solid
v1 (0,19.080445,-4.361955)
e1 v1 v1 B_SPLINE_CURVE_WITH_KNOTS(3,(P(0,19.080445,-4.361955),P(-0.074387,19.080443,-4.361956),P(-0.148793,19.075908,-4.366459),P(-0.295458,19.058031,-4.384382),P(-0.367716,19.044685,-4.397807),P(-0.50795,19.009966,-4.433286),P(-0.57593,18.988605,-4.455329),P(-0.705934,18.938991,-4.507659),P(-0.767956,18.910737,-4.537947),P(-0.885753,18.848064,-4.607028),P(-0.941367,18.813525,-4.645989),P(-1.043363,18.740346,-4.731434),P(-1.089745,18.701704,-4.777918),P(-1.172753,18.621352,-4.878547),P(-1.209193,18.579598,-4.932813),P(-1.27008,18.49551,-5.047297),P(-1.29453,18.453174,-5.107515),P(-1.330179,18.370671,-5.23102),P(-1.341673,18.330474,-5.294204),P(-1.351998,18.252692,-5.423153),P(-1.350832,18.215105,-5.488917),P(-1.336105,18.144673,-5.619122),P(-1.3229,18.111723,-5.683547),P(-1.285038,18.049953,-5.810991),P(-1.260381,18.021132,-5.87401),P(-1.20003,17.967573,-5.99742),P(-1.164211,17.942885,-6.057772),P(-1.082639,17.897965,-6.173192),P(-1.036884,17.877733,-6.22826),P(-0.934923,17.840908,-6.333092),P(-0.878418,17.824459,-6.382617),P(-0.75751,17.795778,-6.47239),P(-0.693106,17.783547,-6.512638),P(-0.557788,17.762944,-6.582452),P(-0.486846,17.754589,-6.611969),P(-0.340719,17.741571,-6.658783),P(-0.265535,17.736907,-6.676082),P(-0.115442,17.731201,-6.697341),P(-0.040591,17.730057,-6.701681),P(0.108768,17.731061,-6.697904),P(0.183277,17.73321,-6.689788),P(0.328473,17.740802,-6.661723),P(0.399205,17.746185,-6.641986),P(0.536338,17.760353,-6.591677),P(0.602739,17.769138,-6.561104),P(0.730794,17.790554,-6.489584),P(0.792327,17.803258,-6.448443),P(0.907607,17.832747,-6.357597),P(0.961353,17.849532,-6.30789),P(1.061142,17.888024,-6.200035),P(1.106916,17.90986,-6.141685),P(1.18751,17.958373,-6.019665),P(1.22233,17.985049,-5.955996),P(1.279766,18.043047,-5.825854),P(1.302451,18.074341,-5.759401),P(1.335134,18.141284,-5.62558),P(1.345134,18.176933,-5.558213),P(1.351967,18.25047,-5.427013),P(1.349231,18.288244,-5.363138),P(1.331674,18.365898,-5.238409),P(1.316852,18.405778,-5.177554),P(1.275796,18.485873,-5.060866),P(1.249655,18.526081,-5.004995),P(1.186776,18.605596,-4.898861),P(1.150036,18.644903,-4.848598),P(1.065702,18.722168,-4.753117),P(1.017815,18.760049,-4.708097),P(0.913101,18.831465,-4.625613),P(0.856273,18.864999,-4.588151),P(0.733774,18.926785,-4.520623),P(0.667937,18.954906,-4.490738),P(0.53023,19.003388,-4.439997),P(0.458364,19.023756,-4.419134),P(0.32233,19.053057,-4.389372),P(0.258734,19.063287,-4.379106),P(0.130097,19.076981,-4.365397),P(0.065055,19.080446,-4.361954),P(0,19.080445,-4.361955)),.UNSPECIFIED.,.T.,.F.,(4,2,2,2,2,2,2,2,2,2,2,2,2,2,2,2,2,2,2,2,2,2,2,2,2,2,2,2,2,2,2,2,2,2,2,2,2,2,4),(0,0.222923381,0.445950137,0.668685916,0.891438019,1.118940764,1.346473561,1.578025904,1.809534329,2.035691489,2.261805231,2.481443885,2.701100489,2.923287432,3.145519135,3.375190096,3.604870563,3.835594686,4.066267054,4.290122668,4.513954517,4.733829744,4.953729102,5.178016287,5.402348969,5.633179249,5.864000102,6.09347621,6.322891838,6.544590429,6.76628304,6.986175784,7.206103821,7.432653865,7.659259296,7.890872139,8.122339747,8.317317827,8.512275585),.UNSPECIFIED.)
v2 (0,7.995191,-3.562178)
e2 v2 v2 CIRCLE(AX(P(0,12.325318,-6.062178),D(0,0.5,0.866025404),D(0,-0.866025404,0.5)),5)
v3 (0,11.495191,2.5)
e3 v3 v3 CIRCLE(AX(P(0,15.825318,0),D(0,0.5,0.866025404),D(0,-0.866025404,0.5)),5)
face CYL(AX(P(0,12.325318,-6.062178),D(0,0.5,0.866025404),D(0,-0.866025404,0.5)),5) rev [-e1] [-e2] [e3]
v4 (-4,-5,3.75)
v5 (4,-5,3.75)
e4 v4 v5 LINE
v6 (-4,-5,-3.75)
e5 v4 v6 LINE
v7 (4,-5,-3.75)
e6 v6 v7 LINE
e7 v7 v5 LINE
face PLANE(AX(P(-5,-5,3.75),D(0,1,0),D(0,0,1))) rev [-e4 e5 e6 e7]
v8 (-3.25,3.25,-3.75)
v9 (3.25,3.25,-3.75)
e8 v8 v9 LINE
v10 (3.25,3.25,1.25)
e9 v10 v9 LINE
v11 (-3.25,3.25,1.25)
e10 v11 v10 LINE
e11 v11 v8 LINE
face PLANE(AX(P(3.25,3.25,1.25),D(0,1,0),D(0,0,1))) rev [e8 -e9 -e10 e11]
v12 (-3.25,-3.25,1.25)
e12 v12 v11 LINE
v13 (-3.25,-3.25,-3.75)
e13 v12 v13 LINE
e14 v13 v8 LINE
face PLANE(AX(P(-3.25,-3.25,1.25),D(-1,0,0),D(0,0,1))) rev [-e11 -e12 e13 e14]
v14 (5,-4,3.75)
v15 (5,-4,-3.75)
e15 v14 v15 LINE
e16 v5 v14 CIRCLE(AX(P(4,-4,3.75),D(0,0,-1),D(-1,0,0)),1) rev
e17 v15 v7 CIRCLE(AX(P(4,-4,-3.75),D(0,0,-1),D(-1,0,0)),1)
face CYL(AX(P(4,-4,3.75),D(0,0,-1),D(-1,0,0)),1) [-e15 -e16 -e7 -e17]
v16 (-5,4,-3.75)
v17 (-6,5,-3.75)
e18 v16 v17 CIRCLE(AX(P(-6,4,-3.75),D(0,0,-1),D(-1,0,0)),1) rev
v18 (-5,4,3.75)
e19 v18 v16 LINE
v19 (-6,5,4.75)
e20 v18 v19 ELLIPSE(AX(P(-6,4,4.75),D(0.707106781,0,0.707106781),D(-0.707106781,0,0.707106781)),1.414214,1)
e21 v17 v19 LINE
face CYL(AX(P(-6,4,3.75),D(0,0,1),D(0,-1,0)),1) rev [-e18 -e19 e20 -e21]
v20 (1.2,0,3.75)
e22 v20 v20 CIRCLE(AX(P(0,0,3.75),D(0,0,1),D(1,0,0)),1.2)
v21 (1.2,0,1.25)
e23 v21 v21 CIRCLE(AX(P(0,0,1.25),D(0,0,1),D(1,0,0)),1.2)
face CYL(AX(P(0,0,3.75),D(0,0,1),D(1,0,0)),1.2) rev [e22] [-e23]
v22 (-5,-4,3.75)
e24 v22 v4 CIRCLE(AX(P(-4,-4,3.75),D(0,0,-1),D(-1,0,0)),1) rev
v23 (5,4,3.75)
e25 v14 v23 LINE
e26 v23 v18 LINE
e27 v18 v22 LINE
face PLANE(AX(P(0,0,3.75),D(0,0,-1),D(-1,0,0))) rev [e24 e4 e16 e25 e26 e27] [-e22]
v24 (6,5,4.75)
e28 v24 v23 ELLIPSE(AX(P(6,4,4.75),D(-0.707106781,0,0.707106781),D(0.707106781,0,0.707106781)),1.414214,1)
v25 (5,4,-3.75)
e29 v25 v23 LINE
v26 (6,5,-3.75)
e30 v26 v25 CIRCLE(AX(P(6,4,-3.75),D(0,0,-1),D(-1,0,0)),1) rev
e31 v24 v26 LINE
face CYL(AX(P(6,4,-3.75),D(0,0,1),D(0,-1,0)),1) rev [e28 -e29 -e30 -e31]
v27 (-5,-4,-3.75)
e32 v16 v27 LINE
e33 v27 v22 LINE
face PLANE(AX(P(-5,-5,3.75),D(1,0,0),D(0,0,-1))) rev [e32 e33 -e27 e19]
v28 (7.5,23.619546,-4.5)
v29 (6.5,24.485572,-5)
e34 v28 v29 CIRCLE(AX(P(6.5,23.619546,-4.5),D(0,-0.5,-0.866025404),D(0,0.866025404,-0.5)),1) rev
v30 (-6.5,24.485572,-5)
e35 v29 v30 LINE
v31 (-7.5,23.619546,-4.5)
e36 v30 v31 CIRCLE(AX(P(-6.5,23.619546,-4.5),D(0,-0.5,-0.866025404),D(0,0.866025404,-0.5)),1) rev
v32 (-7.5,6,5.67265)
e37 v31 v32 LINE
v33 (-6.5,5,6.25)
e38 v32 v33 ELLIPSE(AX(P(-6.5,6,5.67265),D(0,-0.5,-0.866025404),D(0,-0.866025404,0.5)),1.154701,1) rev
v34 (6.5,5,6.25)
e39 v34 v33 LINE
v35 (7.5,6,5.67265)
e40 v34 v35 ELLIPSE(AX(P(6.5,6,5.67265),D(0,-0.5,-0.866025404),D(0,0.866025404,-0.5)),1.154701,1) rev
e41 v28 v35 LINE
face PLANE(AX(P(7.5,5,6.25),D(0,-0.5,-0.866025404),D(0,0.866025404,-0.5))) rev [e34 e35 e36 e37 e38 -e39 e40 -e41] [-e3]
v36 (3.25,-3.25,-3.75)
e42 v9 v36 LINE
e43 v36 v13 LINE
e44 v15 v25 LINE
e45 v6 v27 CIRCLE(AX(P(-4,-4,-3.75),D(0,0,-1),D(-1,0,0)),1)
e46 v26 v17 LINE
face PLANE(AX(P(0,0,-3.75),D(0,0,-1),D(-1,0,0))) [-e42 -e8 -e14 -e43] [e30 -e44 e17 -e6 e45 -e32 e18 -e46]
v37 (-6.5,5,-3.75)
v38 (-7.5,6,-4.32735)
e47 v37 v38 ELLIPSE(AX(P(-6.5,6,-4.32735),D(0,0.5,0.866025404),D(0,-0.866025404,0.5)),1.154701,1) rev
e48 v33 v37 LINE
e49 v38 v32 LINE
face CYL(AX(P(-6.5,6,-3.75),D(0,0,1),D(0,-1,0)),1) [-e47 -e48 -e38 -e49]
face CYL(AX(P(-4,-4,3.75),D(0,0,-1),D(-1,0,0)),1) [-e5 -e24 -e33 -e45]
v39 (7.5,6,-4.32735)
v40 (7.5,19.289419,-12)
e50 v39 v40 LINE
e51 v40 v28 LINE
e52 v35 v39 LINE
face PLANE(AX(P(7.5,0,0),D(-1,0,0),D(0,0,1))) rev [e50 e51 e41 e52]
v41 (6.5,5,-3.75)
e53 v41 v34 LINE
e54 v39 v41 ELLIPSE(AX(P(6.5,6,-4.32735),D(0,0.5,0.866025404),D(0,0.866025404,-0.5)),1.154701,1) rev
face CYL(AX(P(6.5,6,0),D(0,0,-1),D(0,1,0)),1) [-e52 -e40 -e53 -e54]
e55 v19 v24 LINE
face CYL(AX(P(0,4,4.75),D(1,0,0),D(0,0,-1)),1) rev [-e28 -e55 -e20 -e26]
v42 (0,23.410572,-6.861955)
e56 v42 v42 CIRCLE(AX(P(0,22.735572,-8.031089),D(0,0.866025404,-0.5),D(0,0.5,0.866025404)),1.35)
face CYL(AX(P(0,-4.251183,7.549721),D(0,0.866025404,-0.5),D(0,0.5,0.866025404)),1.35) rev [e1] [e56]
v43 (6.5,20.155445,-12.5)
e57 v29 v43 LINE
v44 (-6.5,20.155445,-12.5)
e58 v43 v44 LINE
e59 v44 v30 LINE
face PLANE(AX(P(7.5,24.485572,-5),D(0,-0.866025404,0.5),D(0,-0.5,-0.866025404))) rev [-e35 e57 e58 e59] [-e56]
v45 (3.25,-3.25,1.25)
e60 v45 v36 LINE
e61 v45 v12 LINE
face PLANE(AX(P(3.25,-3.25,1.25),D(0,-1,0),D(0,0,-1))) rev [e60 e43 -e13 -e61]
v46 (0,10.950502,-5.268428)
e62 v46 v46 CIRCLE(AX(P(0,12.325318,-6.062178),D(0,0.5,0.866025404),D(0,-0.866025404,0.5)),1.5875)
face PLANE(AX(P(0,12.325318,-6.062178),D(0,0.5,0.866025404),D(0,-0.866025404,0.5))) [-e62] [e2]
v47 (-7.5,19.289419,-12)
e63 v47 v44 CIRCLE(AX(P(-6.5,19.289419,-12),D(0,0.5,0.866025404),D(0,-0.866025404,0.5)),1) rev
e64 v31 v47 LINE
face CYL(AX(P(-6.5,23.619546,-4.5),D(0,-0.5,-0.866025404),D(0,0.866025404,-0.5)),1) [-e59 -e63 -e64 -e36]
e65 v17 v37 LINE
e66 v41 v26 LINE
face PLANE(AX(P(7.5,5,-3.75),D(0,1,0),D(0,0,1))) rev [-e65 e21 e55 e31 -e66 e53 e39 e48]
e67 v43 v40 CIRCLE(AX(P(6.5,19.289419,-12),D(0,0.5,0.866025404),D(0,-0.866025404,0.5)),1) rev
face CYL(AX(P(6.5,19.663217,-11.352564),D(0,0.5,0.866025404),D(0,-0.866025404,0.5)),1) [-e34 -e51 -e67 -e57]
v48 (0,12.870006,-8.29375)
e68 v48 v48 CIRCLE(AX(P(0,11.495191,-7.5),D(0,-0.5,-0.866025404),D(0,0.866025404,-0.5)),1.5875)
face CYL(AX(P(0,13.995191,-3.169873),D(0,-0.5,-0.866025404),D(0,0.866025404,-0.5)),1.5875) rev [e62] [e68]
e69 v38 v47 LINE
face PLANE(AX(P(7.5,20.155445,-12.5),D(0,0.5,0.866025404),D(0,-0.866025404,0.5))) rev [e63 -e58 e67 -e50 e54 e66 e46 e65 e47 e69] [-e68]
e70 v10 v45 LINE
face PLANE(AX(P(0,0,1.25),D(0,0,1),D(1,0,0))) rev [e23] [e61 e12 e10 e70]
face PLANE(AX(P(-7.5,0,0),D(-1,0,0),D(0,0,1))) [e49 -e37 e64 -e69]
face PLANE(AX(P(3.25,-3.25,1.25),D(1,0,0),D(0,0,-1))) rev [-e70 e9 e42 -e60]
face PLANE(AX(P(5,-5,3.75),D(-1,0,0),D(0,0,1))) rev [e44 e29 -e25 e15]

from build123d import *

# Parameters (mm, degrees)
SKETCH1_W               = 10
SKETCH1_H               = 10
BOSS_EXTRUDE1_DEPTH     = 3.75
SKETCH2_W               = 6.5
SKETCH2_H               = 6.5
CUT_EXTRUDE1_DEPTH      = 5
BOSS_EXTRUDE2_DEPTH     = 7.5
M2_CLEARANCE_HOLE1_D    = 2.4
FILLET5_R               = 1
FILLET1_R               = 1
FILLET3_R               = 1
SKETCH17_R              = 5
CUT_EXTRUDE2_DEPTH      = 7
SKETCH5_R               = 1.5875
CUT_EXTRUDE3_DEPTH      = 5
FILLET4_R               = 1
CUT_EXTRUDE4_REACH      = 34.182
CUT_EXTRUDE4_END_RADIUS = 5
SKETCH18_R              = 1.35


with BuildPart() as part:
    # Sketch1 → Boss-Extrude1 (new, symmetric)
    with BuildSketch(Plane.XY):
        Rectangle(SKETCH1_W, SKETCH1_H)
    extrude(amount=BOSS_EXTRUDE1_DEPTH, both=True)

    # Sketch2 → Cut-Extrude1 (cut)
    with BuildSketch(Plane(origin=(0, 0, -3.75), x_dir=(-1, 0, 0), z_dir=(0, 0, -1))):
        Rectangle(SKETCH2_W, SKETCH2_H)
    extrude(amount=-CUT_EXTRUDE1_DEPTH, mode=Mode.SUBTRACT)

    # Sketch3 → Boss-Extrude2 (add, symmetric)
    with BuildSketch(Plane(origin=(0, 0, 0), x_dir=(0, 0, -1), z_dir=(1, 0, 0))):
        Polygon((-6.25, 5), (5, 24.485571585), (12.5, 20.155444566), (3.75, 5), align=None)
    extrude(amount=BOSS_EXTRUDE2_DEPTH, both=True)

    # M2 Clearance Hole1 (through all)
    with Locations(Plane.XY.offset(3.75)):
        with Locations((0, 0)):
            Hole(M2_CLEARANCE_HOLE1_D / 2)

    # Fillet5
    fillet5_edges = [part.edges().sort_by_distance(p)[0] for p in [
        (-7.5, 5, 1.25),
        (-7.5, 22.320508076, -8.75),
        (7.5, 5, 1.25),
        (7.5, 22.320508076, -8.75),
    ]]
    fillet(fillet5_edges, radius=FILLET5_R)

    # Fillet1
    fillet1_edges = [part.edges().sort_by_distance(p)[0] for p in [
        (-5, 5, 0),
        (5, 5, 0),
    ]]
    fillet(fillet1_edges, radius=FILLET1_R)

    # Fillet3
    fillet3_edges = [part.edges().sort_by_distance(p)[0] for p in [
        (5, -5, 0),
        (-5, -5, 0),
    ]]
    fillet(fillet3_edges, radius=FILLET3_R)

    # Sketch17 → Cut-Extrude2 (cut)
    with BuildSketch(Plane(origin=(0, 3.956329387, 6.852563509), x_dir=(1, 0, 0), z_dir=(0, 0.5000000000000039, 0.8660254037844365))):
        with Locations(Location((0, 13.705127019, 0), (0, 0, 270))):
            Circle(SKETCH17_R)
    extrude(amount=-CUT_EXTRUDE2_DEPTH, mode=Mode.SUBTRACT)

    # Sketch5 → Cut-Extrude3 (cut)
    with BuildSketch(Plane(origin=(0, -0.373797632, -0.647436491), x_dir=(-1, 0, 0), z_dir=(0, -0.5000000000000038, -0.8660254037844366))):
        with Locations(Location((0, 13.705127019, 0), (0, 0, 90))):
            Circle(SKETCH5_R)
    extrude(amount=-CUT_EXTRUDE3_DEPTH, mode=Mode.SUBTRACT)

    # Fillet4
    fillet4_edges = [part.edges().sort_by_distance(p)[0] for p in [
        (0, 5, 3.75),
    ]]
    fillet(fillet4_edges, radius=FILLET4_R)

    # Cut-Extrude4: up to this cylinder (the profile starts outside it)
    cut_extrude4_end = Plane(origin=(0, 14.075317613, -3.031088799), z_dir=(0, 0.5000000000000039, 0.8660254037844365)) * Cylinder(CUT_EXTRUDE4_END_RADIUS, 79.364, mode=Mode.PRIVATE)
    # Sketch18 → Cut-Extrude4 (cut, up to the surface)
    with BuildSketch(Plane(origin=(0, 20.529242198, -11.852563509), x_dir=(1, 0, 0), z_dir=(0, 0.8660254037844366, -0.5000000000000038)), mode=Mode.PRIVATE) as cut_extrude4_sk1:
        with Locations(Location((0, -4.412658774, 0), (0, 0, 270))):
            Circle(SKETCH18_R)
    cut_extrude4_tool1 = extrude(cut_extrude4_sk1.sketch, amount=-CUT_EXTRUDE4_REACH, mode=Mode.PRIVATE) - cut_extrude4_end
    add(cut_extrude4_tool1.solids().sort_by_distance((0, 22.735572, -8.031089))[0], mode=Mode.SUBTRACT)


solid = part.part
